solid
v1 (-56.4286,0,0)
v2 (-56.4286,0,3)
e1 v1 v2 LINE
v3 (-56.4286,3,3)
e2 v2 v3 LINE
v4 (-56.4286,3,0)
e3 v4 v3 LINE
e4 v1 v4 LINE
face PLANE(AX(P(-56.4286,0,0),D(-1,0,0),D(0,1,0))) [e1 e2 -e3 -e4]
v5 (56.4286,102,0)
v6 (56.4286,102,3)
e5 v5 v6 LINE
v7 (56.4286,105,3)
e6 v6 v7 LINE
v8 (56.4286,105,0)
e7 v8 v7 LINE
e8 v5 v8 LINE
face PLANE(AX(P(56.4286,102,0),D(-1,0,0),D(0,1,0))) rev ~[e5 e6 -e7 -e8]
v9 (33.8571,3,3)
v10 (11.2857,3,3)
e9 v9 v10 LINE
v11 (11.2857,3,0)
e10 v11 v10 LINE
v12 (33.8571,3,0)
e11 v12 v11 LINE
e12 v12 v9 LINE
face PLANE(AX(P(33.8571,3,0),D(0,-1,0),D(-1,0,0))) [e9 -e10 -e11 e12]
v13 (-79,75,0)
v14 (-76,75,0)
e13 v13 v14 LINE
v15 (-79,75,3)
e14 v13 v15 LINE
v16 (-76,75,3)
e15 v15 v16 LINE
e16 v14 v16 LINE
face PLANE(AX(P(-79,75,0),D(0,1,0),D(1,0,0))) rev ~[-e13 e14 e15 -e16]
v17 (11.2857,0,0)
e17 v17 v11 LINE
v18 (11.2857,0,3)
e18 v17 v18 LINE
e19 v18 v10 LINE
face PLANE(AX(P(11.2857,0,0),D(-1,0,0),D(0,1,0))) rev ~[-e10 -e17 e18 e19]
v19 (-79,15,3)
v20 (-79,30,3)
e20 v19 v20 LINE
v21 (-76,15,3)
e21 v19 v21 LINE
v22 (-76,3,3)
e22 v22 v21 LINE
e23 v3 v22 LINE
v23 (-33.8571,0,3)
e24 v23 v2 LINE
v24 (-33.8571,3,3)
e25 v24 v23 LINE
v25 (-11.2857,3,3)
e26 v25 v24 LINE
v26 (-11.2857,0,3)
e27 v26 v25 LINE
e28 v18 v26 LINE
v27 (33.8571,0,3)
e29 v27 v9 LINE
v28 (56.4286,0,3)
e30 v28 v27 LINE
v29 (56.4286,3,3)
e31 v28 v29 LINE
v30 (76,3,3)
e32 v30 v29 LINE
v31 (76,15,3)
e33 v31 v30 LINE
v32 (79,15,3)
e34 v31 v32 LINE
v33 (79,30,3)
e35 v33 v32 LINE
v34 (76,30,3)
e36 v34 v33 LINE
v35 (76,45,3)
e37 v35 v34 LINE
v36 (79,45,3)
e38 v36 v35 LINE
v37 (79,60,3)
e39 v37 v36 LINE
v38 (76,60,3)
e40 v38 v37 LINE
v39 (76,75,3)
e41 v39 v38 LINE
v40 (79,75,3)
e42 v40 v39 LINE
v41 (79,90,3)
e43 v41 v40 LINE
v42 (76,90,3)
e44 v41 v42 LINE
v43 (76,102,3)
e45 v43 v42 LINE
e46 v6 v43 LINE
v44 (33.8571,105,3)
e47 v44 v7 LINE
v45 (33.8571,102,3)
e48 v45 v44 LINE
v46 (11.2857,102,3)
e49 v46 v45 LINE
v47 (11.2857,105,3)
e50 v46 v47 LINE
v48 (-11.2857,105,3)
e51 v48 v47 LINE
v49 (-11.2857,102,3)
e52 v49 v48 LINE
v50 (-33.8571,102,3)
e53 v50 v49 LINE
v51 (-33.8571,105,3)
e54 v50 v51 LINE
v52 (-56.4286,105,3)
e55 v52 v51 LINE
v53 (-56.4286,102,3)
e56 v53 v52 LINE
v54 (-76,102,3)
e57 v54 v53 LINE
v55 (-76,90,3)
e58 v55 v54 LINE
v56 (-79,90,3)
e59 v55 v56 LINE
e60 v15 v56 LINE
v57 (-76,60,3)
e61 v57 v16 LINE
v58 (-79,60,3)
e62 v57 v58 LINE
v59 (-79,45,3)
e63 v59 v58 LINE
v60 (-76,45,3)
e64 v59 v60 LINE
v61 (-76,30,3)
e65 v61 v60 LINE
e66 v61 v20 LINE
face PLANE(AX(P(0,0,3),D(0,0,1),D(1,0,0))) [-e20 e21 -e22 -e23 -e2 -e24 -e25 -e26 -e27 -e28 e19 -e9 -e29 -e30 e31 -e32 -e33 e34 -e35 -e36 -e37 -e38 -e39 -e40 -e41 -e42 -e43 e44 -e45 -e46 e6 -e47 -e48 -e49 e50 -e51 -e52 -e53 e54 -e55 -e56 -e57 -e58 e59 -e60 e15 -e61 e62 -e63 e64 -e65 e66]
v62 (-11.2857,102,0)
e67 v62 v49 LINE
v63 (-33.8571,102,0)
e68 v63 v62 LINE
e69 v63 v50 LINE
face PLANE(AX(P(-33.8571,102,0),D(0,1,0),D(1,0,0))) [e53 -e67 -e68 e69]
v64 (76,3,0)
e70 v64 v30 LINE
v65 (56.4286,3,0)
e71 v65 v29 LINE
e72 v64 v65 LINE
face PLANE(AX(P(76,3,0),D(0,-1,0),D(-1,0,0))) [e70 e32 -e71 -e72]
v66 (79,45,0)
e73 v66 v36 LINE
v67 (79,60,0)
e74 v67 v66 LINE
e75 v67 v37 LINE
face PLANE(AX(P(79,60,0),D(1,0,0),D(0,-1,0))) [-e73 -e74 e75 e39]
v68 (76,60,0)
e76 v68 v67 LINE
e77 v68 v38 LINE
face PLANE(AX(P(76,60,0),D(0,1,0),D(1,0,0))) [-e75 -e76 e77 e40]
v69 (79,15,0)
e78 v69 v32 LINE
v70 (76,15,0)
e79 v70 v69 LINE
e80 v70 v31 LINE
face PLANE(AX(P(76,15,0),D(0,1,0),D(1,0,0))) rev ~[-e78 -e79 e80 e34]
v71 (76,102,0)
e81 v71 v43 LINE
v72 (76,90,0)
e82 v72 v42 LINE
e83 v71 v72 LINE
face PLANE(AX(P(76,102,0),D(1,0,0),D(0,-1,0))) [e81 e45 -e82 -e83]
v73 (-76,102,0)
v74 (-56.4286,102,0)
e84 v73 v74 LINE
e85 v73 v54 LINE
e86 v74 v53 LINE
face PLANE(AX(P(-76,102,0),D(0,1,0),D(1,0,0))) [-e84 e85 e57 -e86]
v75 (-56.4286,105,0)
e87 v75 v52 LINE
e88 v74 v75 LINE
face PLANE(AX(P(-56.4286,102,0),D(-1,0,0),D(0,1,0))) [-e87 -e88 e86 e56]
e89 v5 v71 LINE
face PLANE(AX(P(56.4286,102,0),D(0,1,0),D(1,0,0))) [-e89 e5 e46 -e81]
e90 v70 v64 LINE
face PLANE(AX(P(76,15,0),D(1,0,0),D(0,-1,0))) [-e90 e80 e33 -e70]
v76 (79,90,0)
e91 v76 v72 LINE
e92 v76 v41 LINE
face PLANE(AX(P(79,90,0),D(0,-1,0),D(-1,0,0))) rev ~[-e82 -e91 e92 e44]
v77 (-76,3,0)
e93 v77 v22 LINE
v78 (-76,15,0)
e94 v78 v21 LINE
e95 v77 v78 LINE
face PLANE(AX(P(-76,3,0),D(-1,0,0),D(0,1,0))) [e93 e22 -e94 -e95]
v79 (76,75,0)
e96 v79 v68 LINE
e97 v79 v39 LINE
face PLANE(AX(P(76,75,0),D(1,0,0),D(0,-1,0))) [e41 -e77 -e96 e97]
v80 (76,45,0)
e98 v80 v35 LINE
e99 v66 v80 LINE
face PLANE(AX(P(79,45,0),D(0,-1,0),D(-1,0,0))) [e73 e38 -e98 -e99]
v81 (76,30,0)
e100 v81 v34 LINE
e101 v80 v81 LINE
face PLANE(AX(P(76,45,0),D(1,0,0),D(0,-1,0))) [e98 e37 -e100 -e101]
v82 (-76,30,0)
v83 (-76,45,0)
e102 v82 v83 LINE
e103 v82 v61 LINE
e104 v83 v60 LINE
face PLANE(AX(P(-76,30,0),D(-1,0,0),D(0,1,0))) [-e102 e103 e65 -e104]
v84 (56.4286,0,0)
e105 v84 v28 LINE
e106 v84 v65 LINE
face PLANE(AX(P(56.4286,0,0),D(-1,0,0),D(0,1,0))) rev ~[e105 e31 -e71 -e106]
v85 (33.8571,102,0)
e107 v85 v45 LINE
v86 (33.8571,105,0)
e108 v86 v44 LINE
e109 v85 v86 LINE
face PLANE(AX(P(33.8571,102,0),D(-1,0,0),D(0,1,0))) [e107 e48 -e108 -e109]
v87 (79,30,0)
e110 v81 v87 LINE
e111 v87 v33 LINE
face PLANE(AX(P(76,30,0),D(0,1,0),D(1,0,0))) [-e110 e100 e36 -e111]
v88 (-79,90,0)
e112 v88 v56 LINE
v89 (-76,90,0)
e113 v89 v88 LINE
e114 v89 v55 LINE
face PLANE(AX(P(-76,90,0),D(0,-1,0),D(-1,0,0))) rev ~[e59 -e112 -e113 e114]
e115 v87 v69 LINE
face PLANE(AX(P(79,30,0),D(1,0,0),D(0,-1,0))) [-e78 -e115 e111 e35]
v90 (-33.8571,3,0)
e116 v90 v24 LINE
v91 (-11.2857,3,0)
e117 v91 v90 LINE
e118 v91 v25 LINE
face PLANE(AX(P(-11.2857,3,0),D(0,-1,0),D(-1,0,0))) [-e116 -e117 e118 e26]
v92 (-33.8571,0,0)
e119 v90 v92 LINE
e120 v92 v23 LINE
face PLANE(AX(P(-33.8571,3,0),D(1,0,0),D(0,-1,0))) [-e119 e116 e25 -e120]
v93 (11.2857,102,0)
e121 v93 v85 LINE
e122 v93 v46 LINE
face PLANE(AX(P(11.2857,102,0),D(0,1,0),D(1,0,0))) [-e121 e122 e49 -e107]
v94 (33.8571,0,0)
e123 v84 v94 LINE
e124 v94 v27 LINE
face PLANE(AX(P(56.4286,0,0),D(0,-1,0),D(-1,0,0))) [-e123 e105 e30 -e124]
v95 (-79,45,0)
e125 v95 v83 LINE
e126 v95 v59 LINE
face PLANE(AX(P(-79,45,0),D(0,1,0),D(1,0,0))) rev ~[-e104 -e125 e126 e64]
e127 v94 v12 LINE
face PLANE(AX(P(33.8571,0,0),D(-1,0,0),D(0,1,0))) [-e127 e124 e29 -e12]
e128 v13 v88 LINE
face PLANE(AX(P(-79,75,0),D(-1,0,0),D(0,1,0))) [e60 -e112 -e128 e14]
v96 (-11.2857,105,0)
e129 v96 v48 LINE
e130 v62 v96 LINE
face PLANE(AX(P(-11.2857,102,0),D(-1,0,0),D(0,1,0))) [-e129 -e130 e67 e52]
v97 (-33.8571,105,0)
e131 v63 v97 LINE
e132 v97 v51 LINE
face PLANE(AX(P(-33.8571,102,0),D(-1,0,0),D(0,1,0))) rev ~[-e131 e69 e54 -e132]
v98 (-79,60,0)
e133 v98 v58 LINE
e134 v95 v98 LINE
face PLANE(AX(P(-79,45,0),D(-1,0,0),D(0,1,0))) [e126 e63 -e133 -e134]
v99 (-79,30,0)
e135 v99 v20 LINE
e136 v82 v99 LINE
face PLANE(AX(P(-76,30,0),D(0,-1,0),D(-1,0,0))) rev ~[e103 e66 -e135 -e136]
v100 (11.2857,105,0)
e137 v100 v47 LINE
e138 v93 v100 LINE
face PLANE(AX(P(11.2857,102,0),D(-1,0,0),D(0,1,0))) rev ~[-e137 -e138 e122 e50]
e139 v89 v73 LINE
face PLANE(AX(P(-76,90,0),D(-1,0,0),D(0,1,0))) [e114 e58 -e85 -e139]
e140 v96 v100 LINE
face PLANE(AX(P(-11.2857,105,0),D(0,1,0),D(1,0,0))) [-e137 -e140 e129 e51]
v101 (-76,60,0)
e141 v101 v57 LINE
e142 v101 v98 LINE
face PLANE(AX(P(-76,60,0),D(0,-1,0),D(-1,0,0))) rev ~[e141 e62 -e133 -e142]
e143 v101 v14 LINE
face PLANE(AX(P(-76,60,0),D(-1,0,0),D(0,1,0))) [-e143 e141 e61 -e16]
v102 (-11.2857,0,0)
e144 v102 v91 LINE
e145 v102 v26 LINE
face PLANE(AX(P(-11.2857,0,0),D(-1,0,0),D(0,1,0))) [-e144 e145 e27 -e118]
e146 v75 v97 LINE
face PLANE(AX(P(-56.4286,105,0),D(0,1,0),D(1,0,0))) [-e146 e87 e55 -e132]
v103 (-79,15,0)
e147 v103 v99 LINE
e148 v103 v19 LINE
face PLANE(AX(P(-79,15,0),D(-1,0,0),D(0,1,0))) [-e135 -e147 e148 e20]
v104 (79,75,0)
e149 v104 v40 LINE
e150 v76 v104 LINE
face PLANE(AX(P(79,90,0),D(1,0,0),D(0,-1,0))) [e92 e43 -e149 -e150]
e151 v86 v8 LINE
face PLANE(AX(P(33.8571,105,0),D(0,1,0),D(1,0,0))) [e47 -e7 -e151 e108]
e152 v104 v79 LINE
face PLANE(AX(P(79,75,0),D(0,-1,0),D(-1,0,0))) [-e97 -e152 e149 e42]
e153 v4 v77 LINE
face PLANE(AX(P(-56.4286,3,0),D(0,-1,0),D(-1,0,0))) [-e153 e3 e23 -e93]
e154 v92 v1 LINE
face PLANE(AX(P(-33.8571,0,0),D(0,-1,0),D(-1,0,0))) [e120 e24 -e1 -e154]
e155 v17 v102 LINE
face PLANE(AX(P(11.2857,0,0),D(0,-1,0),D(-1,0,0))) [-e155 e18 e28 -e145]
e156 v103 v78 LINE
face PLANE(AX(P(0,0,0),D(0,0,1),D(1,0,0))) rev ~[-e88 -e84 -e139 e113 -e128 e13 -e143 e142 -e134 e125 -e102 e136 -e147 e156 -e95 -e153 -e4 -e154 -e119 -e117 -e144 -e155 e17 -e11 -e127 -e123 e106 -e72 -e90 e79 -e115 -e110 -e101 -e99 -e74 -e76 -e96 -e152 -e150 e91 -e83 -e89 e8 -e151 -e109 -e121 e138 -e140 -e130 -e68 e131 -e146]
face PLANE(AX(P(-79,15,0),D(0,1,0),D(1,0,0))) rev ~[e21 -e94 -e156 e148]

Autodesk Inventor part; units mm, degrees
ref_plane "YZ Plane" through (0, 0, 0) normal (1, 0, 0) x (0, 1, 0)
ref_plane "XZ Plane" through (0, 0, 0) normal (0, 1, 0) x (-1, 0, 0)
ref_plane "XY Plane" through (0, 0, 0) normal (0, 0, 1) x (1, 0, 0)
sketch "Sketch1" plane through (0, 0, 0) normal (0, 0, 1) x (1, 0, 0)
  line L0 (-79, 15) -> (-76, 15)
  line L1 (-76, 30) -> (-79, 30)
  line L2 (-79, 45) -> (-76, 45)
  line L3 (-76, 60) -> (-79, 60)
  line L4 (-79, 75) -> (-76, 75)
  line L5 (-76, 90) -> (-79, 90)
  line L6 (76, 15) -> (79, 15)
  line L7 (76, 30) -> (79, 30)
  line L8 (79, 45) -> (76, 45)
  line L9 (76, 60) -> (79, 60)
  line L10 (79, 75) -> (76, 75)
  line L11 (79, 90) -> (76, 90)
  line L12 (-56.4286, 0) -> (-56.4286, 3)
  line L13 (-33.8571, 3) -> (-33.8571, 0)
  line L14 (-11.2857, 0) -> (-11.2857, 3)
  line L15 (11.2857, 0) -> (11.2857, 3)
  line L16 (33.8571, 0) -> (33.8571, 3)
  line L17 (56.4286, 0) -> (56.4286, 3)
  line L18 (-56.4286, 102) -> (-56.4286, 105)
  line L19 (-33.8571, 102) -> (-33.8571, 105)
  line L20 (-11.2857, 102) -> (-11.2857, 105)
  line L21 (11.2857, 102) -> (11.2857, 105)
  line L22 (33.8571, 102) -> (33.8571, 105)
  line L23 (56.4286, 102) -> (56.4286, 105)
  line L24 (-56.4286, 3) -> (-76, 3)
  line L25 (-76, 3) -> (-76, 15)
  line L26 (-76, 30) -> (-76, 45)
  line L27 (-76, 60) -> (-76, 75)
  line L28 (-76, 90) -> (-76, 102)
  line L29 (-76, 102) -> (-56.4286, 102)
  line L30 (-33.8571, 102) -> (-11.2857, 102)
  line L31 (11.2857, 102) -> (33.8571, 102)
  line L32 (56.4286, 102) -> (76, 102)
  line L33 (-11.2857, 3) -> (-33.8571, 3)
  line L34 (76, 3) -> (56.4286, 3)
  line L35 (33.8571, 3) -> (11.2857, 3)
  line L36 (-79, 75) -> (-79, 90)
  line L37 (-79, 15) -> (-79, 30)
  line L38 (-79, 45) -> (-79, 60)
  line L39 (-33.8571, 0) -> (-56.4286, 0)
  line L40 (56.4286, 0) -> (33.8571, 0)
  line L41 (11.2857, 0) -> (-11.2857, 0)
  line L42 (-56.4286, 105) -> (-33.8571, 105)
  line L43 (-11.2857, 105) -> (11.2857, 105)
  line L44 (33.8571, 105) -> (56.4286, 105)
  line L45 (79, 30) -> (79, 15)
  line L46 (79, 90) -> (79, 75)
  line L47 (79, 60) -> (79, 45)
  line L48 (76, 102) -> (76, 90)
  line L49 (76, 75) -> (76, 60)
  line L50 (76, 45) -> (76, 30)
  line L51 (76, 15) -> (76, 3)
  point P0 (0, 0)
  dimension "d1" = 158
  dimension "d5" = 22.5714
  dimension "d6" = 79
  dimension "d7" = 45.1429
  dimension "d8" = 67.7143
  dimension "d9" = 90.2857
  dimension "d10" = 112.8571
  dimension "d11" = 135.4286
  dimension "d12" = 105
  dimension "d13" = 15
  dimension "d14" = 0
  dimension "d15" = 3
  dimension "d16" = 30
  dimension "d17" = 45
  dimension "d18" = 60
  dimension "d19" = 75
  dimension "d20" = 90
  dimension "d21" = 99
  dimension "d22" = 3
  dimension "d23" = 3
extrude "Extrusion1" add sketch "Sketch1" along normal blind 3
equation "\"d1\" = shelfWs"
equation "\"d5\" = 0.142857 * shelfWs - tol"
equation "\"d6\" = 0.5 * shelfWs"
equation "\"d7\" = 0.285714 * shelfWs + tol"
equation "\"d8\" = 0.428571 * shelfWs - tol"
equation "\"d9\" = 0.571429 * shelfWs + tol"
equation "\"d10\" = 0.714286 * shelfWs - tol"
equation "\"d11\" = 0.857143 * shelfWs + tol"
equation "\"d12\" = shelfD"
equation "\"d13\" = 0.142857 * shelfD - tol"
equation "\"d15\" = tt"
equation "\"d16\" = 0.285714 * shelfD + tol"
equation "\"d17\" = 0.428571 * shelfD - tol"
equation "\"d18\" = 0.571429 * shelfD + tol"
equation "\"d19\" = 0.714286 * shelfD - tol"
equation "\"d20\" = 0.857143 * shelfD + tol"
equation "\"d21\" = -2 * tt + shelfD"
equation "\"d22\" = tt"
equation "\"d23\" = tt"
equation "\"d24\" = tt"
equation "\"d0\" = 0.5 * shelfWs"
equation "\"tt\" = 3"
equation "\"tol\" = 0"
equation "\"d2\" = shelfD"
equation "\"d4\" = tt"
equation "\"tiroir\" = 1"
equation "\"nHoles\" = 4"
equation "\"shelfH\" = 35"
equation "\"shelfWs\" = 158"
equation "\"shelfD\" = 105"
properties part number "back"
